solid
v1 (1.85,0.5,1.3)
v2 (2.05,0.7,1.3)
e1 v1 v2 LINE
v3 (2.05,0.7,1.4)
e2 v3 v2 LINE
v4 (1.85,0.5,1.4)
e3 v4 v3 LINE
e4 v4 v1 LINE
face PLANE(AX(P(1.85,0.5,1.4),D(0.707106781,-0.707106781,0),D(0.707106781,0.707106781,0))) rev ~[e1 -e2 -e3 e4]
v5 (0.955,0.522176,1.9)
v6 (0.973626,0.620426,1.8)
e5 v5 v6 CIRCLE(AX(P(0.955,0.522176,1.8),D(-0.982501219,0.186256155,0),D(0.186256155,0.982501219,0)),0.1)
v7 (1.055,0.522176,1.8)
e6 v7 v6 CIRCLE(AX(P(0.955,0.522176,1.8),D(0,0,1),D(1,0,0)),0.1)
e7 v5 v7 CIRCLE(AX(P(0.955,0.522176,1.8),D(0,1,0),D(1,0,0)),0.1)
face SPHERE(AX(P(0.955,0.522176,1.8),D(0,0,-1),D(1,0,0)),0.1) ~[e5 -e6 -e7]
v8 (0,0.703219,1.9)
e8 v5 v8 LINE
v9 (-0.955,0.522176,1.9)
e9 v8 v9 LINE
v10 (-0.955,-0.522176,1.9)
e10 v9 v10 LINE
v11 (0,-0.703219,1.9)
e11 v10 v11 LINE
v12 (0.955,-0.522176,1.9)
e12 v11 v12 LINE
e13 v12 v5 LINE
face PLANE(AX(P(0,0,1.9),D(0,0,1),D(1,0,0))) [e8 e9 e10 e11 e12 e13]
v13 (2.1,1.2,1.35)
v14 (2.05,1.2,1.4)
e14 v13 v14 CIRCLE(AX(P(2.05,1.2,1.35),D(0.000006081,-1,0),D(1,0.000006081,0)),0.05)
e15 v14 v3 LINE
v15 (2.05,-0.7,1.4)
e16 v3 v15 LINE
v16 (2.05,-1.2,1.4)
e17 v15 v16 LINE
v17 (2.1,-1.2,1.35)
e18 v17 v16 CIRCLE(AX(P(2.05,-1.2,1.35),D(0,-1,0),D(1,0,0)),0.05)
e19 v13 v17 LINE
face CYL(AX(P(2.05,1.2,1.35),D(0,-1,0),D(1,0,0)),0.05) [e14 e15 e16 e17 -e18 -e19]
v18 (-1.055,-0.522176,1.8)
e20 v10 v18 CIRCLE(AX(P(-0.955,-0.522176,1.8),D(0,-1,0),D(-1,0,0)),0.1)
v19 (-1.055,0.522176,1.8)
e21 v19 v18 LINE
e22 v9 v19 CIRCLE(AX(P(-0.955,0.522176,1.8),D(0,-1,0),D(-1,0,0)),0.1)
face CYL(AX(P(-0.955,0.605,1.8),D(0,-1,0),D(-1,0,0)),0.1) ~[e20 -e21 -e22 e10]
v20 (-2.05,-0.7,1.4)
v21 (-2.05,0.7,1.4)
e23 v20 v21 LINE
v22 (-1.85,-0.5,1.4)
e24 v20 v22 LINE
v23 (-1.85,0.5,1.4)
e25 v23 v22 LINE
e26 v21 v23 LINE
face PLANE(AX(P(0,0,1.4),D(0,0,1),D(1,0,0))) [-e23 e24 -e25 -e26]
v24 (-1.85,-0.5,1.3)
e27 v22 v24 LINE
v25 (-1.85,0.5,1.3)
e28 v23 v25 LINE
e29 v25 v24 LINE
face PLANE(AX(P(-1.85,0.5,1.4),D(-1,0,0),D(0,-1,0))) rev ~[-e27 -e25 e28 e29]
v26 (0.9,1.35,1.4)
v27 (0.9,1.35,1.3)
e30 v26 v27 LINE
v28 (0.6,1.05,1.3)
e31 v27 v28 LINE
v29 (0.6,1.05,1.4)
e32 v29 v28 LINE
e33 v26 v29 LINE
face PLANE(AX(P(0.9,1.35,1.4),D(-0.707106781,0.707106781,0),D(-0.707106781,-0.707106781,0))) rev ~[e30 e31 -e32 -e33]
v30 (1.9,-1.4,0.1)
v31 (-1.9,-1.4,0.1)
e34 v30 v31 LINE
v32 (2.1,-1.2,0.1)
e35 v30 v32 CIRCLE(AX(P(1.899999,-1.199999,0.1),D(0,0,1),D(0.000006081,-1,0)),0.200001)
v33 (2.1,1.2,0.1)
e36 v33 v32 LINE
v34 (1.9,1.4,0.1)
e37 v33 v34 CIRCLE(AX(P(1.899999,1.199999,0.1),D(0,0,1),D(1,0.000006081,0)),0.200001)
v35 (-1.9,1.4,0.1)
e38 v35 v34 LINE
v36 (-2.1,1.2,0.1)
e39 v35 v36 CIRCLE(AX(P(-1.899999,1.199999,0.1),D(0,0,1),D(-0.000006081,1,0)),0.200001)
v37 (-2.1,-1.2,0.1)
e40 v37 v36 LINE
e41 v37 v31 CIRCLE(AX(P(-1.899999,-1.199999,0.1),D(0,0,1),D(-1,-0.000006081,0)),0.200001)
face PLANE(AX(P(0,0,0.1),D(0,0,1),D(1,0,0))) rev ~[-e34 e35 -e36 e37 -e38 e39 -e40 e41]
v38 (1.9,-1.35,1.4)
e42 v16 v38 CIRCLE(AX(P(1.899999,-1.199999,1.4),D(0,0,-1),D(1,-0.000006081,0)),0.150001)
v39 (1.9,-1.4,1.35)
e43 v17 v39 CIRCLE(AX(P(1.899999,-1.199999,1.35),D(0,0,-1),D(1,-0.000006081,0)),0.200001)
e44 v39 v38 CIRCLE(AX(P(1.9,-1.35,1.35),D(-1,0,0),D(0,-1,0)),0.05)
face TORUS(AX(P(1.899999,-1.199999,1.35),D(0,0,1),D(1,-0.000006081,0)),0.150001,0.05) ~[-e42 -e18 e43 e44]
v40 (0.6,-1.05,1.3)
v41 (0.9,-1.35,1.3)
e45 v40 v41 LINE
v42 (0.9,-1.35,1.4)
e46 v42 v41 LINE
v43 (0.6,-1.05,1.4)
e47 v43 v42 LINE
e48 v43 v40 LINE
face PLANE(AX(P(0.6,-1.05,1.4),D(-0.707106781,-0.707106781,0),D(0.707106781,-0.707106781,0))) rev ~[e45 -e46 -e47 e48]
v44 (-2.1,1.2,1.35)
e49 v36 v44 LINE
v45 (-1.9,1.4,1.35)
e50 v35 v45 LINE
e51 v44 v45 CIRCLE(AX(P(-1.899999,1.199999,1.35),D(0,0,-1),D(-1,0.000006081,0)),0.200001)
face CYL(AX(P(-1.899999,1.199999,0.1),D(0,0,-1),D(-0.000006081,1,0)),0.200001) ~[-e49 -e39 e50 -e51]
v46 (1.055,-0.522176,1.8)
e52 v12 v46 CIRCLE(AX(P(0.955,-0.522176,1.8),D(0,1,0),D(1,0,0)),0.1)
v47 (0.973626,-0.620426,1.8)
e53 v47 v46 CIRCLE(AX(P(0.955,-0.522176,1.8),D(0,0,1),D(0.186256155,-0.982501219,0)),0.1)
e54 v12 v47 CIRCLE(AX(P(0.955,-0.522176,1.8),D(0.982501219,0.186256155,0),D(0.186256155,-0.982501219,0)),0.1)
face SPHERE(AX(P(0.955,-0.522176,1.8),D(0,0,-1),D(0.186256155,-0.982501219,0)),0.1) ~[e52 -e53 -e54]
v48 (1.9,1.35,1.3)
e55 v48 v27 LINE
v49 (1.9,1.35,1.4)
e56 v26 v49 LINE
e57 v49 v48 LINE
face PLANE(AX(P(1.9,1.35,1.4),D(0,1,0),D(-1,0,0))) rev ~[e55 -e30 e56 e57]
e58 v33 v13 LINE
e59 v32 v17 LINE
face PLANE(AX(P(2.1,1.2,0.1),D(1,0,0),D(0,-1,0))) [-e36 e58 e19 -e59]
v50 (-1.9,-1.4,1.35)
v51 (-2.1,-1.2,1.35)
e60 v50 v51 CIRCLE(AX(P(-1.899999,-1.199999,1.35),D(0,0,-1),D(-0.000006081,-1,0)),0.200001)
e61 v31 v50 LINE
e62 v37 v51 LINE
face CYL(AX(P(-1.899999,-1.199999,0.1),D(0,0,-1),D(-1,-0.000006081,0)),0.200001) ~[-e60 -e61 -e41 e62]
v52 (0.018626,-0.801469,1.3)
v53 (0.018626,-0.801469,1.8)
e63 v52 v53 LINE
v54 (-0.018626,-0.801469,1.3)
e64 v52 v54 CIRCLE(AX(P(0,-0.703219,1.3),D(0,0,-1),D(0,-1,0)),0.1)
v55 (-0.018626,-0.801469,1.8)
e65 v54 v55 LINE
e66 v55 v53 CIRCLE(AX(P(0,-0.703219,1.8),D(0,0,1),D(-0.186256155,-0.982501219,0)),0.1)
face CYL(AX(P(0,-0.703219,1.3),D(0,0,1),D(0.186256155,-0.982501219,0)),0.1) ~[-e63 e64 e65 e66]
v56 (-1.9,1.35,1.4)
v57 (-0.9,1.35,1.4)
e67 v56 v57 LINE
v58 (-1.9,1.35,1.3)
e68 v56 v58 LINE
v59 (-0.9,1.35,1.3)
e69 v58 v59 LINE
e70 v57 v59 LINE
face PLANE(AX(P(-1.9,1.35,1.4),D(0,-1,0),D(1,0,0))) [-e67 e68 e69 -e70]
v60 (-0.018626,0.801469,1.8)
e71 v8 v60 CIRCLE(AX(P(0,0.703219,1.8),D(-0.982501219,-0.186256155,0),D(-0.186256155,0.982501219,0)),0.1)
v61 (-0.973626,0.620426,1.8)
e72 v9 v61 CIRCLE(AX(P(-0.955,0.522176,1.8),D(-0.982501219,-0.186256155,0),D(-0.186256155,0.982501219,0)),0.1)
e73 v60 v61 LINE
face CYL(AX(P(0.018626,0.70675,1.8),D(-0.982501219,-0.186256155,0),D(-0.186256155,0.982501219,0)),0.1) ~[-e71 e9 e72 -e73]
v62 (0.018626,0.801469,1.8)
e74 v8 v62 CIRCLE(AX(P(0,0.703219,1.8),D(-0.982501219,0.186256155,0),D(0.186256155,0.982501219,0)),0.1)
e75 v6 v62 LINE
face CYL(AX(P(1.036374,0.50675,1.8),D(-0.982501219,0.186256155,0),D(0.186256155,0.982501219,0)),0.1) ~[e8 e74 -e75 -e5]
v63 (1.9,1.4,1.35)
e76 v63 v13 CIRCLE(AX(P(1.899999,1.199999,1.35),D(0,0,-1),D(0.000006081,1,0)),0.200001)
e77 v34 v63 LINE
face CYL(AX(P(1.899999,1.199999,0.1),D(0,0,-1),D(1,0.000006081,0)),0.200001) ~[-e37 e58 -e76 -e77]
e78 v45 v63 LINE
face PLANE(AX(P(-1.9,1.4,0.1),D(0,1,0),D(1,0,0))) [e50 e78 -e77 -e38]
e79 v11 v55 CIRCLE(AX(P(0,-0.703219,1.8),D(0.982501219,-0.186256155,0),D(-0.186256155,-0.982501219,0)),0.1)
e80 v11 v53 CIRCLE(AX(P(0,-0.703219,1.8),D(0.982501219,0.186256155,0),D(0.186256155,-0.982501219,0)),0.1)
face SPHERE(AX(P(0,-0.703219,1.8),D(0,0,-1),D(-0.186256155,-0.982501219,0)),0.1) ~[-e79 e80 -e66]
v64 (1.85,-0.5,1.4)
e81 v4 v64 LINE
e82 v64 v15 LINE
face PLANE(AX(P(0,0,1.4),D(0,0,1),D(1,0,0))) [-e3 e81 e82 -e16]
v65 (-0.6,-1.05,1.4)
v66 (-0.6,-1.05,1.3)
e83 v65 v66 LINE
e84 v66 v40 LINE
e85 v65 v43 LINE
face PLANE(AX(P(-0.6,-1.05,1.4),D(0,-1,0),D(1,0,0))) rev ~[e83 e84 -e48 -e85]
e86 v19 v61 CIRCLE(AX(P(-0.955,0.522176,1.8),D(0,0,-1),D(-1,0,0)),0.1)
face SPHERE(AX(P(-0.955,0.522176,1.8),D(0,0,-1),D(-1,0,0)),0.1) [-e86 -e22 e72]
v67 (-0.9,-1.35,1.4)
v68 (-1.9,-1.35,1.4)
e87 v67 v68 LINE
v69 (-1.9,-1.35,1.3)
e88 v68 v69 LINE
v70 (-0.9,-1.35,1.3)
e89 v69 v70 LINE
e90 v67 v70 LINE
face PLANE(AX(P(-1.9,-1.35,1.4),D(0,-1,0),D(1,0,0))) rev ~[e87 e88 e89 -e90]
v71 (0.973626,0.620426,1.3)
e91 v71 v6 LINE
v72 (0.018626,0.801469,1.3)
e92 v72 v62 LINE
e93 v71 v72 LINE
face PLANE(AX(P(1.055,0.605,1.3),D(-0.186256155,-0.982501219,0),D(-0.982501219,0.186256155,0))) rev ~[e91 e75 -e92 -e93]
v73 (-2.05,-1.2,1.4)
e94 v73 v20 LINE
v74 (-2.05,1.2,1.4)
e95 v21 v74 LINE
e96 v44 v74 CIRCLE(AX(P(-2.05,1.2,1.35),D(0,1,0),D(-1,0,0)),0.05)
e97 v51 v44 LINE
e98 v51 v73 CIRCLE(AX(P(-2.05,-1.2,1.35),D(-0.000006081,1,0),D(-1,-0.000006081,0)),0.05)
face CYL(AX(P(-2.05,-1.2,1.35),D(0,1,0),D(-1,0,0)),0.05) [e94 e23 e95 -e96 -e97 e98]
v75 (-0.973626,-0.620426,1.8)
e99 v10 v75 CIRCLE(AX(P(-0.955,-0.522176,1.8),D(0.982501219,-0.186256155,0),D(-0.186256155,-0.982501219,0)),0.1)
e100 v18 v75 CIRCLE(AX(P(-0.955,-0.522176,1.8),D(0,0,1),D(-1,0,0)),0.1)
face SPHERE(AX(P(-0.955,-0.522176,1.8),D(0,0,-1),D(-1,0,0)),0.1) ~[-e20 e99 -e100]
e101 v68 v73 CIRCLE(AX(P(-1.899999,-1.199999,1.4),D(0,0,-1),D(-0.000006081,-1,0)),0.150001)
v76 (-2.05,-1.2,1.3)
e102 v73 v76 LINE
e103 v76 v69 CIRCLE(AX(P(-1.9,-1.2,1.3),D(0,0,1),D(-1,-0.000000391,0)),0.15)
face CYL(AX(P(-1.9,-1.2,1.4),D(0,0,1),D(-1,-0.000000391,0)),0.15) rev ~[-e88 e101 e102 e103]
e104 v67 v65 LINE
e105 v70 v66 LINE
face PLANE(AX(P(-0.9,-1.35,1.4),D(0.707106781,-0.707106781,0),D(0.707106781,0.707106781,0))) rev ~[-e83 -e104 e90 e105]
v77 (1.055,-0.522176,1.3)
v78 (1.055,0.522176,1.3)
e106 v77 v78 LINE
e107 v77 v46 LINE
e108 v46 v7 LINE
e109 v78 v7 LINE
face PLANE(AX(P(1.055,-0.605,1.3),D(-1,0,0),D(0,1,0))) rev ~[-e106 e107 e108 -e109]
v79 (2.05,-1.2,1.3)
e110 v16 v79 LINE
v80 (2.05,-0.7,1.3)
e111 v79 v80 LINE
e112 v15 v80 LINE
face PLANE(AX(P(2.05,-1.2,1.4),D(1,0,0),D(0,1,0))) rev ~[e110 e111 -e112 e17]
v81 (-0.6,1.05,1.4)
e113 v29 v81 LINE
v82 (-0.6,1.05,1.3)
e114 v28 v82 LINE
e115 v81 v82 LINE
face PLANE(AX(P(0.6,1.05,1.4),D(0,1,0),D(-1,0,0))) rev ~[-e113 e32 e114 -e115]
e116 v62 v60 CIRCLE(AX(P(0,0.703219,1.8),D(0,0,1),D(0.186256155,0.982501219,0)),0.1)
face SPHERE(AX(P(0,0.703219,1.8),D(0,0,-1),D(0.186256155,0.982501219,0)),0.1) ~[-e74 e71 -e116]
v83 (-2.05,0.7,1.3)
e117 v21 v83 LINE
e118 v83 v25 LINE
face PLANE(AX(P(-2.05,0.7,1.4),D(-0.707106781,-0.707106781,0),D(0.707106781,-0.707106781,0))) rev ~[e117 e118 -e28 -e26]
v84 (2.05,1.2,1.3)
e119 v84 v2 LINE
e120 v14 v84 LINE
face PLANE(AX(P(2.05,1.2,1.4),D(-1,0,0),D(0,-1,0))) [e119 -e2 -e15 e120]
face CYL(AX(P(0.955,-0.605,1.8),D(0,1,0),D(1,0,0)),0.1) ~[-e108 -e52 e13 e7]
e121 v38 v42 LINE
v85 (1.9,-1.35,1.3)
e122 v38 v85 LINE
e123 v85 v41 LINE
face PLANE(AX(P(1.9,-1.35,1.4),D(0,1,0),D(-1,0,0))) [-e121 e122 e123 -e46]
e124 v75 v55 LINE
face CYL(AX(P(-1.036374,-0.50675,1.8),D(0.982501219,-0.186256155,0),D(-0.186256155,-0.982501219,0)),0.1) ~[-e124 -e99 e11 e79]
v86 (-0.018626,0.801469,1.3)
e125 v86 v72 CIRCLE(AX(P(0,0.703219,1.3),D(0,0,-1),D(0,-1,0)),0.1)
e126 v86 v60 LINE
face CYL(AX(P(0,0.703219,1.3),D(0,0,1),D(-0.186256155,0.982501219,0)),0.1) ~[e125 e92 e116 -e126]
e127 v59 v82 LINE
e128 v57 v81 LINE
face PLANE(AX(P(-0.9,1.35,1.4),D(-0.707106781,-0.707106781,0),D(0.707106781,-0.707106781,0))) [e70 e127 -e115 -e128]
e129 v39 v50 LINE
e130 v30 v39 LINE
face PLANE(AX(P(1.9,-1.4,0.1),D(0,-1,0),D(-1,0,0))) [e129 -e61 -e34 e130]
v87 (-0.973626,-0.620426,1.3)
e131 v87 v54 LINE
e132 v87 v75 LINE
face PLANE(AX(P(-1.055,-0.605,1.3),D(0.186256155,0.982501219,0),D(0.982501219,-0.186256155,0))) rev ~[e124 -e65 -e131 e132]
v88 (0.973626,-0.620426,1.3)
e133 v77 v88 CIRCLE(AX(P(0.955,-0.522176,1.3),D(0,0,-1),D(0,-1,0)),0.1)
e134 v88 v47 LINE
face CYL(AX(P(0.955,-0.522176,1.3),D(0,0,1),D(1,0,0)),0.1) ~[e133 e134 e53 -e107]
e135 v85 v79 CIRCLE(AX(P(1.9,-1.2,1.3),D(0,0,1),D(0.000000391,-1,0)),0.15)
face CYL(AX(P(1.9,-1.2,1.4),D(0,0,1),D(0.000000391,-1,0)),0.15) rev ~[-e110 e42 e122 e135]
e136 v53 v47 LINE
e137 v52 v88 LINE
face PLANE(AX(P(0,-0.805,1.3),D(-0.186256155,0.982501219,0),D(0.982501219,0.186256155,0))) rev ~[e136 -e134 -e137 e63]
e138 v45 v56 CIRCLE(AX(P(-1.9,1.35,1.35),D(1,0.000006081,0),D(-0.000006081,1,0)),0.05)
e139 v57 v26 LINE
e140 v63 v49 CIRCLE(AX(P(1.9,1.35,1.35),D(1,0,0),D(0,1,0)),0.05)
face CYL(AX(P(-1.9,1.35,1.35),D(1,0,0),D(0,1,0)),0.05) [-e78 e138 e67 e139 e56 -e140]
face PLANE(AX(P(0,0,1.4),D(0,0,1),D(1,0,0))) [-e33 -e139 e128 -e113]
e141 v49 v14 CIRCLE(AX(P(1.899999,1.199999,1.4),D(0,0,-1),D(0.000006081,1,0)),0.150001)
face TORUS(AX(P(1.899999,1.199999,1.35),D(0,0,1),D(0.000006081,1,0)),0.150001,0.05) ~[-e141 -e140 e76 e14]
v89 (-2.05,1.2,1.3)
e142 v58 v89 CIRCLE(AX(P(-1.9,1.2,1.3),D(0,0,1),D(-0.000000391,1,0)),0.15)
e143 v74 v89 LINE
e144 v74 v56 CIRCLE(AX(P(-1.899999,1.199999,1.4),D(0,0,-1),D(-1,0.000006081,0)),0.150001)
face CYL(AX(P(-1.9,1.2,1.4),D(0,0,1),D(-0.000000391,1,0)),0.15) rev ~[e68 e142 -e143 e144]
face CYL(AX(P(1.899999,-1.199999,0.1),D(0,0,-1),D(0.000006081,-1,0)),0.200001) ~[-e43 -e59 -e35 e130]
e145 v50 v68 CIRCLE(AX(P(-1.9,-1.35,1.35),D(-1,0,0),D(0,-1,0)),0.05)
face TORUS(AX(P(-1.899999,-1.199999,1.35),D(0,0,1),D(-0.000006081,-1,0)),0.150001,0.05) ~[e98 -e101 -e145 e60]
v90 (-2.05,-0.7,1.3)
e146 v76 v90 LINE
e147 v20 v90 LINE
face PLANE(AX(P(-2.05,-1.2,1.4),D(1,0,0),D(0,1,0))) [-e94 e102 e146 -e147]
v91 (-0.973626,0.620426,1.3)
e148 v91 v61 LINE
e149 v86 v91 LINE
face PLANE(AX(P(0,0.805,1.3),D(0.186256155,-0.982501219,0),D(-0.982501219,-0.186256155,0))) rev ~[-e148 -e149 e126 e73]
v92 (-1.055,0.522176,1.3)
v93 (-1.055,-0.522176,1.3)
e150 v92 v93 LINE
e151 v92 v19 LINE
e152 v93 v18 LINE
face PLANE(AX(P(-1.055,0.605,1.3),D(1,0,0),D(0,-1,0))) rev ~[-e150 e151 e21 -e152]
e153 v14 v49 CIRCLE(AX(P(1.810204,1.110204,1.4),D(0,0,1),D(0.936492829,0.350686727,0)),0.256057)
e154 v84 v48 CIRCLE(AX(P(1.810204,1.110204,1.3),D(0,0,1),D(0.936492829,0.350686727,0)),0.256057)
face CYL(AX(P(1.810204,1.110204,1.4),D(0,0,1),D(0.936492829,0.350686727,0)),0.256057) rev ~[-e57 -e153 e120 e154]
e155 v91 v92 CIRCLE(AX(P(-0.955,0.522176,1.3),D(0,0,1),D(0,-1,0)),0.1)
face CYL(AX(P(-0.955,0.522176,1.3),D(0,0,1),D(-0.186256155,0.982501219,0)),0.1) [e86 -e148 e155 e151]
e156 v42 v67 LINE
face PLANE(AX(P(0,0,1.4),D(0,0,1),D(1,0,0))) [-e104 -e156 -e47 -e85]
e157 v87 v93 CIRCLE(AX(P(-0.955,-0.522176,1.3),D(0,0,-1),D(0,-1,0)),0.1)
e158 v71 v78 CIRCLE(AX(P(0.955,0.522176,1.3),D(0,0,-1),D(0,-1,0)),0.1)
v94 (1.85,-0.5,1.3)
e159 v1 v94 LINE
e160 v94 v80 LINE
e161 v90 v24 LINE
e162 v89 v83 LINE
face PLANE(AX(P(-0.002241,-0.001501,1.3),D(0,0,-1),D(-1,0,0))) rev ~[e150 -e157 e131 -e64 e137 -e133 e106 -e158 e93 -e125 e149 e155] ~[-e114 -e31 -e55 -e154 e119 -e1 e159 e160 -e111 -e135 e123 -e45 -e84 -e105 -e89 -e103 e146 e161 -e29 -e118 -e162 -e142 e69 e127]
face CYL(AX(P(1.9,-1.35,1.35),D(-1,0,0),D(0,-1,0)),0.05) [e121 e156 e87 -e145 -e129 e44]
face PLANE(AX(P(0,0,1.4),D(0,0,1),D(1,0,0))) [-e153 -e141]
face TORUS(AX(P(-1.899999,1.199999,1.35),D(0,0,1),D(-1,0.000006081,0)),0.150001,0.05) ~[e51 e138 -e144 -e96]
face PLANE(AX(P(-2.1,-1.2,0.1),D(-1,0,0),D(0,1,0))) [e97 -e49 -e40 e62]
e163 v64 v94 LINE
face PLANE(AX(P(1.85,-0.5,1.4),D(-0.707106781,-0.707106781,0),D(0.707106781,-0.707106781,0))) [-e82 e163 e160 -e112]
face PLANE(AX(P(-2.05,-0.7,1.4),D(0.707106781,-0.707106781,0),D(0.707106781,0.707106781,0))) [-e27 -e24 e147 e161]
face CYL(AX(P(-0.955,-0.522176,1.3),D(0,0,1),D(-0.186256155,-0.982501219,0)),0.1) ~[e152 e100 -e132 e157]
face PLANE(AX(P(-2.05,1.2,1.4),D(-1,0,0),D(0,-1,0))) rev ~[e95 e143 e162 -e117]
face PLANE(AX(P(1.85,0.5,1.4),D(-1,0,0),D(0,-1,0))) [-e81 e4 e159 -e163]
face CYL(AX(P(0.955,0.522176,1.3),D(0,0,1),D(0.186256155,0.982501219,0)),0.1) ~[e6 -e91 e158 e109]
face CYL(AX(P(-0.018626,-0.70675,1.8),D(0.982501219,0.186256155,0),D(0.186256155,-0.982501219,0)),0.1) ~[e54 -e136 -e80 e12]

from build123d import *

# Parameters (mm, degrees)
PAD001_DEPTH = 1.3
FILLET_R     = 0.05
POCKET_DEPTH = 0.1
PAD003_DEPTH = 0.6
FILLET002_R  = 0.1


with BuildPart() as part:
    # Sketch001 (on Face14 of Binder) → Pad001 (new body)
    with BuildSketch(Plane.XY.offset(0.1)):
        with BuildLine():
            ThreePointArc((-1.9, 1.4), (-2.041421, 1.341421), (-2.1, 1.2))
            Line((-2.1, -1.2), (-2.1, 1.2))
            ThreePointArc((-2.1, -1.2), (-2.041421, -1.341421), (-1.9, -1.4))
            Line((1.9, -1.4), (-1.9, -1.4))
            ThreePointArc((1.9, -1.4), (2.041421, -1.341421), (2.1, -1.2))
            Line((2.1, 1.2), (2.1, -1.2))
            ThreePointArc((2.1, 1.2), (2.041421, 1.341421), (1.9, 1.4))
            Line((-1.9, 1.4), (1.9, 1.4))
        make_face()
    extrude(amount=PAD001_DEPTH)

    # Fillet
    fillet_edges = [part.edges().sort_by_distance(p)[0] for p in [
        (0, -1.4, 1.4),
    ]]
    fillet(fillet_edges, radius=FILLET_R)

    # Sketch002 (on Face9 of Fillet) → Pocket (cut)
    with BuildSketch(Plane.XY.offset(1.4)):
        with BuildLine():
            Line((-1.9, 1.35), (-0.9, 1.35))
            Line((-0.9, 1.35), (-0.6, 1.05))
            Line((0.6, 1.05), (-0.6, 1.05))
            Line((0.9, 1.35), (0.6, 1.05))
            Line((1.9, 1.35), (0.9, 1.35))
            ThreePointArc((2.05, 1.2), (1.991264, 1.291264), (1.9, 1.35))
            Line((2.05, 1.2), (2.05, 0.7))
            Line((1.85, 0.5), (2.05, 0.7))
            Line((1.85, 0.5), (1.85, -0.5))
            Line((1.85, -0.5), (2.05, -0.7))
            Line((2.05, -1.2), (2.05, -0.7))
            ThreePointArc((1.9, -1.35), (2.006066, -1.306066), (2.05, -1.2))
            Line((1.9, -1.35), (0.9, -1.35))
            Line((0.6, -1.05), (0.9, -1.35))
            Line((-0.6, -1.05), (0.6, -1.05))
            Line((-0.9, -1.35), (-0.6, -1.05))
            Line((-1.9, -1.35), (-0.9, -1.35))
            ThreePointArc((-2.05, -1.2), (-2.006066, -1.306066), (-1.9, -1.35))
            Line((-2.05, -1.2), (-2.05, -0.7))
            Line((-2.05, -0.7), (-1.85, -0.5))
            Line((-1.85, 0.5), (-1.85, -0.5))
            Line((-2.05, 0.7), (-1.85, 0.5))
            Line((-2.05, 1.2), (-2.05, 0.7))
            ThreePointArc((-1.9, 1.35), (-2.006066, 1.306066), (-2.05, 1.2))
        make_face()
    extrude(amount=-POCKET_DEPTH, mode=Mode.SUBTRACT)

    # Sketch004 (on Face22 of Pocket) → Pad003 (join)
    with BuildSketch(Plane.XY.offset(1.3)):
        Polygon((-1.055, 0.605), (-1.055, -0.605), (0, -0.805), (1.055, -0.605), (1.055, 0.605), (0, 0.805), align=None)
    extrude(amount=PAD003_DEPTH)

    # Fillet002
    fillet002_edges = [part.edges().sort_by_distance(p)[0] for p in [
        (-1.055, 0.605, 1.6),
        (-1.055, 0, 1.9),
        (-0.5275, 0.705, 1.9),
        (0, 0.805, 1.6),
        (0.5275, 0.705, 1.9),
        (1.055, 0.605, 1.6),
        (1.055, 0, 1.9),
        (1.055, -0.605, 1.6),
        (-0.5275, -0.705, 1.9),
        (0.5275, -0.705, 1.9),
        (0, -0.805, 1.6),
        (-1.055, -0.605, 1.6),
    ]]
    fillet(fillet002_edges, radius=FILLET002_R)


solid = part.part
